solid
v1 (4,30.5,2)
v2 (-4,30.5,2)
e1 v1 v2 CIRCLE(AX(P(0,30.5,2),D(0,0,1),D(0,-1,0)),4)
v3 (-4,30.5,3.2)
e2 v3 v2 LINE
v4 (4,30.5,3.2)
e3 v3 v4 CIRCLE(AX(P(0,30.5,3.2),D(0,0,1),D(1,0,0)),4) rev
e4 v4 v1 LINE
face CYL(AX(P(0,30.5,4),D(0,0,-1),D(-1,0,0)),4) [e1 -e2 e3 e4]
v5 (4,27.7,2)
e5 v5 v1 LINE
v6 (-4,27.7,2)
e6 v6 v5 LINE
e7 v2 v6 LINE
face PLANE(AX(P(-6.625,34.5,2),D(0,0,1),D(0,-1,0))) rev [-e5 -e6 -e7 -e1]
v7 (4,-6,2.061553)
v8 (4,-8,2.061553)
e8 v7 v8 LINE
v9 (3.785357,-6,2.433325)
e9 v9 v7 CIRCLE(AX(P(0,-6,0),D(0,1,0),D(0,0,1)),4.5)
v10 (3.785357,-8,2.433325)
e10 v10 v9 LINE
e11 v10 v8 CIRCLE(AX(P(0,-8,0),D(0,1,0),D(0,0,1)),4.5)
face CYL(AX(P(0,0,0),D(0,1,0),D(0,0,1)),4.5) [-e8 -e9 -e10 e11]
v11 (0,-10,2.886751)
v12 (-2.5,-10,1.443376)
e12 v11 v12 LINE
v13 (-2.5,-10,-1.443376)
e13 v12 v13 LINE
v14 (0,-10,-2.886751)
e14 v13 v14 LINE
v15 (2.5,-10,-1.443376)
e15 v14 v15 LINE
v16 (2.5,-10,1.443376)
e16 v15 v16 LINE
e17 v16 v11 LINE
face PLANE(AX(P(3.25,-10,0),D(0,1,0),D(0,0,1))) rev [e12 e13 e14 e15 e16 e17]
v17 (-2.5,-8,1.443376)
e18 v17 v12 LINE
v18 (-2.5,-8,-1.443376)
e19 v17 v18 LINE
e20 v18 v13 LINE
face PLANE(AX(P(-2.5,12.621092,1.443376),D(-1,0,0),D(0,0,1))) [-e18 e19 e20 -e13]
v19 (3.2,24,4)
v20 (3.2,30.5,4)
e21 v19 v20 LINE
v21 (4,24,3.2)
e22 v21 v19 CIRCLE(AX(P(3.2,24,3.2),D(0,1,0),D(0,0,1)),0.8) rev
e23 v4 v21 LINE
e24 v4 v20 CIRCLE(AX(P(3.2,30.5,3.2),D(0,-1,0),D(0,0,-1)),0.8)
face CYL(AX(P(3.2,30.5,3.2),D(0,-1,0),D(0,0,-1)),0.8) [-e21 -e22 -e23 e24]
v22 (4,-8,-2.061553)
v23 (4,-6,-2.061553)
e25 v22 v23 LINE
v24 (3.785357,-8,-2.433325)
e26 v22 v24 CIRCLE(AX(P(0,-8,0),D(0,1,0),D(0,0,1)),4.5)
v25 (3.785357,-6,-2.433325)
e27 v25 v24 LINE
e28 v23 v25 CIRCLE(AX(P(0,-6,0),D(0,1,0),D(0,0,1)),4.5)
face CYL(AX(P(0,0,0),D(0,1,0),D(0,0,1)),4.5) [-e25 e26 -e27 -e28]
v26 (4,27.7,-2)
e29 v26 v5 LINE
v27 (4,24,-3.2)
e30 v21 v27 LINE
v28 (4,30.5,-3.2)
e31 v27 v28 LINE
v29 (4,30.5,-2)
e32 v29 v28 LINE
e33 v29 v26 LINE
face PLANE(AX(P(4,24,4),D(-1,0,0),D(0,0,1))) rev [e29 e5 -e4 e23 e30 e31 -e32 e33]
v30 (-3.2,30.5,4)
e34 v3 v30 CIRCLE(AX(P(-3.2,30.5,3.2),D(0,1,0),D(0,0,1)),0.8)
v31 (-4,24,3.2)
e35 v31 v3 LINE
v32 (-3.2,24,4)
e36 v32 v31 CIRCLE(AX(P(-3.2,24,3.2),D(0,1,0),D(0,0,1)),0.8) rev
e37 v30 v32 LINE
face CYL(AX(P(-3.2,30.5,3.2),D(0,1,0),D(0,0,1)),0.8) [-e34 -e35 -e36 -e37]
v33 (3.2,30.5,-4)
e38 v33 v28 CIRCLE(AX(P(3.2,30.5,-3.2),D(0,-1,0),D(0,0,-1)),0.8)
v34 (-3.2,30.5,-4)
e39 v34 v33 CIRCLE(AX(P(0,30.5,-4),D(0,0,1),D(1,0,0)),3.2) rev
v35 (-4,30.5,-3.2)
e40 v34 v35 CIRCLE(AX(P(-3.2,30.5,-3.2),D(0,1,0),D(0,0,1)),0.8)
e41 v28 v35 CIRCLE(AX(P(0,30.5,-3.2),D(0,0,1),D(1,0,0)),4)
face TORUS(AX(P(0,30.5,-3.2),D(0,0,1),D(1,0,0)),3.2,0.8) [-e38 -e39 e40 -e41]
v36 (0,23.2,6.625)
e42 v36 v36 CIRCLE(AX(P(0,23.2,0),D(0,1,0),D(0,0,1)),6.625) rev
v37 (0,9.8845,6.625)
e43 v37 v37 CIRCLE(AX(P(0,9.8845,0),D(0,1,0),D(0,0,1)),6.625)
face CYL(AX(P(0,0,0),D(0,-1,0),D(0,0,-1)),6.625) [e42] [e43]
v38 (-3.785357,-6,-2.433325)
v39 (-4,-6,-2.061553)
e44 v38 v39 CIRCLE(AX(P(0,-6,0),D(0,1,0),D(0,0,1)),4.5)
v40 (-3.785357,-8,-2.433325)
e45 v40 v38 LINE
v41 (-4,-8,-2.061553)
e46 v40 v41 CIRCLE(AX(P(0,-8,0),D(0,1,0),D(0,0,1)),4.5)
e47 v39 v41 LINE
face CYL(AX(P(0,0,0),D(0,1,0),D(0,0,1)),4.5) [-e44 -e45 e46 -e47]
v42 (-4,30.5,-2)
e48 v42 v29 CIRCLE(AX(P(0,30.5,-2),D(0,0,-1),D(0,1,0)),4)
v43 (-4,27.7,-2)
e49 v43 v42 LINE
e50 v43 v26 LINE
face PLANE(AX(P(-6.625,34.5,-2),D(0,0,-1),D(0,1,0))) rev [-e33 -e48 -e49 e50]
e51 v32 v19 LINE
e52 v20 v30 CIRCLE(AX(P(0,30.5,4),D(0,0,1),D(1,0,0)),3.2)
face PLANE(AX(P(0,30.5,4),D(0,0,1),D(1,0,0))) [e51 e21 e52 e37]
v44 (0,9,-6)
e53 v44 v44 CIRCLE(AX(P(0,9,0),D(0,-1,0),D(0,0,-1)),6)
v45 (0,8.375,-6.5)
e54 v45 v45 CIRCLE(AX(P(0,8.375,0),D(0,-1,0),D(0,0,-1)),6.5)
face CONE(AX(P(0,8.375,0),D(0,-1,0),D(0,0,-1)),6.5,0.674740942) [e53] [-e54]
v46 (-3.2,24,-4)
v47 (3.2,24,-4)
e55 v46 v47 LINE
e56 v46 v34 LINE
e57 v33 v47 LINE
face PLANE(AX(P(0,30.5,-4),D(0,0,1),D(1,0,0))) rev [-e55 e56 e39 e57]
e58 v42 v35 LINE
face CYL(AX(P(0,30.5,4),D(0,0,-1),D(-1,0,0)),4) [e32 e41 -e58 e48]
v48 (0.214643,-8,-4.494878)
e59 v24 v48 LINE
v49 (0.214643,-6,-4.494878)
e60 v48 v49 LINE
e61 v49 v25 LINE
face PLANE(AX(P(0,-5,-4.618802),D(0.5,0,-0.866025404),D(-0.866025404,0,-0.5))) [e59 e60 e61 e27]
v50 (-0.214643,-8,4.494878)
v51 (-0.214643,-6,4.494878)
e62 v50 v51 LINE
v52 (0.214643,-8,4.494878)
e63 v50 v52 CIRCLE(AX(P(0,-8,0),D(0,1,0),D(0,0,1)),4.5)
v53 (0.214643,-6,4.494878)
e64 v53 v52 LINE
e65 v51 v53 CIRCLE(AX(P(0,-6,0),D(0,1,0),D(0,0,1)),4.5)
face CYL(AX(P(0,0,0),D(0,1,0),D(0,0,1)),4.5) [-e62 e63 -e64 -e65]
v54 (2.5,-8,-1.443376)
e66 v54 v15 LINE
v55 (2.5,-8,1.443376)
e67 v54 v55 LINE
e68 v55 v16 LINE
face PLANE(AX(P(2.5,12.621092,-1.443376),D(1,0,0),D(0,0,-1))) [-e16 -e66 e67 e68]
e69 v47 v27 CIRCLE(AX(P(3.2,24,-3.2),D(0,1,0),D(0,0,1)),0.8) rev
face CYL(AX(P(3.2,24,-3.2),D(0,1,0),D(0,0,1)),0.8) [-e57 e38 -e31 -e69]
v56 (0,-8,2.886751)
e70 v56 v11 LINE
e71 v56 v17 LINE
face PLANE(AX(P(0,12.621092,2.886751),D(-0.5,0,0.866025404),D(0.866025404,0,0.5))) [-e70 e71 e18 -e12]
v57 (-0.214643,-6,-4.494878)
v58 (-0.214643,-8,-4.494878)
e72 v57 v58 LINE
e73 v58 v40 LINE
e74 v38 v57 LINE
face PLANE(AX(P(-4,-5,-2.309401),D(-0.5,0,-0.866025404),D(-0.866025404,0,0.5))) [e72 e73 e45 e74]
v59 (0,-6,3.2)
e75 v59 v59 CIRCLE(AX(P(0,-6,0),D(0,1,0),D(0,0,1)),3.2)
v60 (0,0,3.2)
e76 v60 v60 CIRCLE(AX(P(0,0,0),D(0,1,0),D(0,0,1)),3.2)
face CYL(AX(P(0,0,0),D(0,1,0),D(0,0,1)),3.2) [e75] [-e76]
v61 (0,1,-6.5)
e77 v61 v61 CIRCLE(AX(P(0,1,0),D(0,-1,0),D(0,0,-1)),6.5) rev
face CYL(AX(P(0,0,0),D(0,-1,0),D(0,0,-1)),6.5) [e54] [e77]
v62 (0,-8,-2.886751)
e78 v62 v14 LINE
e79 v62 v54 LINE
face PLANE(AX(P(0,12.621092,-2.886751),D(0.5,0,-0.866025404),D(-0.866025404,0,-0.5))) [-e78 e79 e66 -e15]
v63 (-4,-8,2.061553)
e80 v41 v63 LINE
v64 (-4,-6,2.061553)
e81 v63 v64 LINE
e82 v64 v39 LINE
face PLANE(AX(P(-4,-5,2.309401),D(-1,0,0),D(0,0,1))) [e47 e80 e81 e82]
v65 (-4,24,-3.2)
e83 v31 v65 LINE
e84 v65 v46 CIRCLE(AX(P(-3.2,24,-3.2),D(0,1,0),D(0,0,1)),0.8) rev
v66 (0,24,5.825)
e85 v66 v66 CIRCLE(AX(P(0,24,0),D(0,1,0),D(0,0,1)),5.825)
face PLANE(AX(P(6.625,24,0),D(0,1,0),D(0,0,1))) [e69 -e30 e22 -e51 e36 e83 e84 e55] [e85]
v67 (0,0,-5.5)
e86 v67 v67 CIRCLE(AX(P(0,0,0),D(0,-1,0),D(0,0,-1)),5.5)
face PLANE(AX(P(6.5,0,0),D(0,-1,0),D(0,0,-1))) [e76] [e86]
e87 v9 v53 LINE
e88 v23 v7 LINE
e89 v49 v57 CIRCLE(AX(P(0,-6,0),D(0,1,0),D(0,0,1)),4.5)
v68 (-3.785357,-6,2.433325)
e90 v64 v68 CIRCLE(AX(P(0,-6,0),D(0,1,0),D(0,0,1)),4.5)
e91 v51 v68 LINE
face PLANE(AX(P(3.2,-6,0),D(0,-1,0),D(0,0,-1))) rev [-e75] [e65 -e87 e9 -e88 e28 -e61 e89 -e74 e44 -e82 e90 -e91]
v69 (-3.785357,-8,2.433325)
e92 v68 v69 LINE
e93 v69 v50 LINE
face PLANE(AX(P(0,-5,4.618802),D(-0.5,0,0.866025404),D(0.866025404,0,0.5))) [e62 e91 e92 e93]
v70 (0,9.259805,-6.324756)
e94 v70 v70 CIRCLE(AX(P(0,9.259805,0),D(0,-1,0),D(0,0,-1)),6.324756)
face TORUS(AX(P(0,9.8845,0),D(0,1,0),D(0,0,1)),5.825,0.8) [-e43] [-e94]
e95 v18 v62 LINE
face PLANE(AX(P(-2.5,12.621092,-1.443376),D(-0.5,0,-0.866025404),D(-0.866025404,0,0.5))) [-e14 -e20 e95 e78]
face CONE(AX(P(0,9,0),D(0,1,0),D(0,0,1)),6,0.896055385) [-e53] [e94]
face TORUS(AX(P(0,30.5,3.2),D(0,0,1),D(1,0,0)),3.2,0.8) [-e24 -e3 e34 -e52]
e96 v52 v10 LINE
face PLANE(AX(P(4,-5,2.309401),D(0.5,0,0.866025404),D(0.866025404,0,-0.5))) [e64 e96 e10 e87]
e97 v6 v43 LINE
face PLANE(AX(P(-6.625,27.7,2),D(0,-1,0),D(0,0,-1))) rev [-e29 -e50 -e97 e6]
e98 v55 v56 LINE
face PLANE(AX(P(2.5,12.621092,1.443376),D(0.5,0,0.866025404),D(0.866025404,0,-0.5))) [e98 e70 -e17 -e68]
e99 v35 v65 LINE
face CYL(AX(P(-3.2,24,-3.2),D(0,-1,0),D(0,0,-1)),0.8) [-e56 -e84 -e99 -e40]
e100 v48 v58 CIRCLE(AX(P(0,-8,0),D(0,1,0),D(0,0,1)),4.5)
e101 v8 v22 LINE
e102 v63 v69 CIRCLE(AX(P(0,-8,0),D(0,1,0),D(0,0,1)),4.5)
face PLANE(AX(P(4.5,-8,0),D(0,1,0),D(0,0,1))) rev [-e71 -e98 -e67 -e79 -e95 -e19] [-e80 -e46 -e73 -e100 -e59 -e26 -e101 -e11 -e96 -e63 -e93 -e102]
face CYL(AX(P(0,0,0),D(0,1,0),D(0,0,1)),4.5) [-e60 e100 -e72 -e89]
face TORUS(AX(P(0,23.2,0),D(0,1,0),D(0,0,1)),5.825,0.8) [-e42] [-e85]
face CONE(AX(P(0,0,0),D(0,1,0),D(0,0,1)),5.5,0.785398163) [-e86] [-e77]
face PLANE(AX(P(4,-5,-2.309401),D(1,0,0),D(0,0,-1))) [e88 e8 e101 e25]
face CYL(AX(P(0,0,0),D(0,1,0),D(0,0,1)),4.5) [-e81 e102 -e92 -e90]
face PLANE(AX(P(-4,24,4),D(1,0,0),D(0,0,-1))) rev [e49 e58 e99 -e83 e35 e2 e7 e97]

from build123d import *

# Parameters (mm, degrees)
FILLET_ROUND_R          = 0.8
CHAMF_PLASTIC_BASE_SIZE = 1
SKETCH3_OUTSIDE_W       = 23.904
SKETCH3_OUTSIDE_H       = 23.904
CUT_8MM_HEX_DEPTH       = 3
SKETCH4_OUTSIDE_W       = 23.904
SKETCH4_OUTSIDE_H       = 23.904
CUT_5MM_HEX_DEPTH       = 2
BOSS_PIVOT_DEPTH        = 4
FILLET_PIVOT_R          = 0.8
CUT_EXTRUDE1_DEPTH      = 36.749562971
CUT_EXTRUDE1_DEPTH_BACK = 36.749562971
SKETCH6_W               = 4
SKETCH6_H               = 6.8
SKETCH7_R               = 1.3
CUT_EXTRUDE2_DEPTH      = 5


with BuildPart() as part:
    # Sketch1 → revolve body (revolve)
    with BuildSketch(Plane.XY, mode=Mode.PRIVATE) as revolve_body_sk:
        Polygon((6.5, 0), (6.5, 8.375), (6, 9), (6.625, 9.5), (6.625, 24), (0, 24), (0, 0), align=None)
    revolve(revolve_body_sk.sketch.rotate(Axis((0, 0, 0), (0, 1, 0)), 90), axis=Axis((0, 0, 0), (0, 1, 0)))

    # fillet round
    fillet_round_edges = [part.edges().sort_by_distance(p)[0] for p in [
        (0, 9.5, 6.625),
        (0, 24, 6.625),
    ]]
    fillet(fillet_round_edges, radius=FILLET_ROUND_R)

    # chamf plastic base
    chamf_plastic_base_edges = [part.edges().sort_by_distance(p)[0] for p in [
        (0, 0, 6.5),
    ]]
    chamfer(chamf_plastic_base_edges, length=CHAMF_PLASTIC_BASE_SIZE)

    # Sketch2 → revolve threaded body (revolve)
    with BuildSketch(Plane.XY, mode=Mode.PRIVATE) as revolve_threaded_body_sk:
        Polygon((3.2, 0), (3.2, -6), (4.5, -6), (4.5, -8), (3.25, -8), (3.25, -10), (1.3, -10), (1.3, -15), (0, -15), (0, 0), align=None)
    revolve(revolve_threaded_body_sk.sketch.rotate(Axis((0, 0, 0), (0, -1, 0)), 90), axis=Axis((0, 0, 0), (0, -1, 0)))

    # Sketch3 outside → cut 8mm hex (cut)
    with BuildSketch(Plane.XZ.offset(8)):
        Rectangle(SKETCH3_OUTSIDE_W, SKETCH3_OUTSIDE_H)
        Polygon((0, 4.618802154), (-4, 2.309401077), (-4, -2.309401077), (0, -4.618802154), (4, -2.309401077), (4, 2.309401077), align=None, mode=Mode.SUBTRACT)
    extrude(amount=-CUT_8MM_HEX_DEPTH, mode=Mode.SUBTRACT)

    # Sketch4 outside → cut 5mm hex (cut)
    with BuildSketch(Plane.XZ.offset(10)):
        Rectangle(SKETCH4_OUTSIDE_W, SKETCH4_OUTSIDE_H)
        Polygon((0, 2.886751346), (-2.5, 1.443375673), (-2.5, -1.443375673), (0, -2.886751346), (2.5, -1.443375673), (2.5, 1.443375673), align=None, mode=Mode.SUBTRACT)
    extrude(amount=-CUT_5MM_HEX_DEPTH, mode=Mode.SUBTRACT)

    # Sketch5 → boss pivot (add, symmetric)
    with BuildSketch(Plane.XY):
        with BuildLine():
            Line((-4, 24), (4, 24))
            Line((4, 24), (4, 30.5))
            ThreePointArc((4, 30.5), (0, 34.5), (-4, 30.5))
            Line((-4, 30.5), (-4, 24))
        make_face()
    extrude(amount=BOSS_PIVOT_DEPTH, both=True)

    # fillet pivot
    fillet_pivot_edges = [part.edges().sort_by_distance(p)[0] for p in [
        (-4, 27.25, -4),
        (4, 27.25, -4),
        (0, 34.5, -4),
        (-4, 27.25, 4),
        (4, 27.25, 4),
        (0, 34.5, 4),
    ]]
    fillet(fillet_pivot_edges, radius=FILLET_PIVOT_R)

    # Sketch6 → Cut-Extrude1 (cut, two sides: drawn at the far end of the back side and taken through both)
    with BuildSketch(Plane(origin=(0, 0, 0), x_dir=(0, 0, -1), z_dir=(1, 0, 0)).offset(-CUT_EXTRUDE1_DEPTH_BACK)):
        with Locations((0, 31.1)):
            Rectangle(SKETCH6_W, SKETCH6_H)
    extrude(amount=CUT_EXTRUDE1_DEPTH + CUT_EXTRUDE1_DEPTH_BACK, mode=Mode.SUBTRACT)

    # Sketch7 → Cut-Extrude2 (cut)
    with BuildSketch(Plane.XZ.offset(15)):
        Circle(SKETCH7_R)
    extrude(amount=-CUT_EXTRUDE2_DEPTH, mode=Mode.SUBTRACT)


solid = part.part
